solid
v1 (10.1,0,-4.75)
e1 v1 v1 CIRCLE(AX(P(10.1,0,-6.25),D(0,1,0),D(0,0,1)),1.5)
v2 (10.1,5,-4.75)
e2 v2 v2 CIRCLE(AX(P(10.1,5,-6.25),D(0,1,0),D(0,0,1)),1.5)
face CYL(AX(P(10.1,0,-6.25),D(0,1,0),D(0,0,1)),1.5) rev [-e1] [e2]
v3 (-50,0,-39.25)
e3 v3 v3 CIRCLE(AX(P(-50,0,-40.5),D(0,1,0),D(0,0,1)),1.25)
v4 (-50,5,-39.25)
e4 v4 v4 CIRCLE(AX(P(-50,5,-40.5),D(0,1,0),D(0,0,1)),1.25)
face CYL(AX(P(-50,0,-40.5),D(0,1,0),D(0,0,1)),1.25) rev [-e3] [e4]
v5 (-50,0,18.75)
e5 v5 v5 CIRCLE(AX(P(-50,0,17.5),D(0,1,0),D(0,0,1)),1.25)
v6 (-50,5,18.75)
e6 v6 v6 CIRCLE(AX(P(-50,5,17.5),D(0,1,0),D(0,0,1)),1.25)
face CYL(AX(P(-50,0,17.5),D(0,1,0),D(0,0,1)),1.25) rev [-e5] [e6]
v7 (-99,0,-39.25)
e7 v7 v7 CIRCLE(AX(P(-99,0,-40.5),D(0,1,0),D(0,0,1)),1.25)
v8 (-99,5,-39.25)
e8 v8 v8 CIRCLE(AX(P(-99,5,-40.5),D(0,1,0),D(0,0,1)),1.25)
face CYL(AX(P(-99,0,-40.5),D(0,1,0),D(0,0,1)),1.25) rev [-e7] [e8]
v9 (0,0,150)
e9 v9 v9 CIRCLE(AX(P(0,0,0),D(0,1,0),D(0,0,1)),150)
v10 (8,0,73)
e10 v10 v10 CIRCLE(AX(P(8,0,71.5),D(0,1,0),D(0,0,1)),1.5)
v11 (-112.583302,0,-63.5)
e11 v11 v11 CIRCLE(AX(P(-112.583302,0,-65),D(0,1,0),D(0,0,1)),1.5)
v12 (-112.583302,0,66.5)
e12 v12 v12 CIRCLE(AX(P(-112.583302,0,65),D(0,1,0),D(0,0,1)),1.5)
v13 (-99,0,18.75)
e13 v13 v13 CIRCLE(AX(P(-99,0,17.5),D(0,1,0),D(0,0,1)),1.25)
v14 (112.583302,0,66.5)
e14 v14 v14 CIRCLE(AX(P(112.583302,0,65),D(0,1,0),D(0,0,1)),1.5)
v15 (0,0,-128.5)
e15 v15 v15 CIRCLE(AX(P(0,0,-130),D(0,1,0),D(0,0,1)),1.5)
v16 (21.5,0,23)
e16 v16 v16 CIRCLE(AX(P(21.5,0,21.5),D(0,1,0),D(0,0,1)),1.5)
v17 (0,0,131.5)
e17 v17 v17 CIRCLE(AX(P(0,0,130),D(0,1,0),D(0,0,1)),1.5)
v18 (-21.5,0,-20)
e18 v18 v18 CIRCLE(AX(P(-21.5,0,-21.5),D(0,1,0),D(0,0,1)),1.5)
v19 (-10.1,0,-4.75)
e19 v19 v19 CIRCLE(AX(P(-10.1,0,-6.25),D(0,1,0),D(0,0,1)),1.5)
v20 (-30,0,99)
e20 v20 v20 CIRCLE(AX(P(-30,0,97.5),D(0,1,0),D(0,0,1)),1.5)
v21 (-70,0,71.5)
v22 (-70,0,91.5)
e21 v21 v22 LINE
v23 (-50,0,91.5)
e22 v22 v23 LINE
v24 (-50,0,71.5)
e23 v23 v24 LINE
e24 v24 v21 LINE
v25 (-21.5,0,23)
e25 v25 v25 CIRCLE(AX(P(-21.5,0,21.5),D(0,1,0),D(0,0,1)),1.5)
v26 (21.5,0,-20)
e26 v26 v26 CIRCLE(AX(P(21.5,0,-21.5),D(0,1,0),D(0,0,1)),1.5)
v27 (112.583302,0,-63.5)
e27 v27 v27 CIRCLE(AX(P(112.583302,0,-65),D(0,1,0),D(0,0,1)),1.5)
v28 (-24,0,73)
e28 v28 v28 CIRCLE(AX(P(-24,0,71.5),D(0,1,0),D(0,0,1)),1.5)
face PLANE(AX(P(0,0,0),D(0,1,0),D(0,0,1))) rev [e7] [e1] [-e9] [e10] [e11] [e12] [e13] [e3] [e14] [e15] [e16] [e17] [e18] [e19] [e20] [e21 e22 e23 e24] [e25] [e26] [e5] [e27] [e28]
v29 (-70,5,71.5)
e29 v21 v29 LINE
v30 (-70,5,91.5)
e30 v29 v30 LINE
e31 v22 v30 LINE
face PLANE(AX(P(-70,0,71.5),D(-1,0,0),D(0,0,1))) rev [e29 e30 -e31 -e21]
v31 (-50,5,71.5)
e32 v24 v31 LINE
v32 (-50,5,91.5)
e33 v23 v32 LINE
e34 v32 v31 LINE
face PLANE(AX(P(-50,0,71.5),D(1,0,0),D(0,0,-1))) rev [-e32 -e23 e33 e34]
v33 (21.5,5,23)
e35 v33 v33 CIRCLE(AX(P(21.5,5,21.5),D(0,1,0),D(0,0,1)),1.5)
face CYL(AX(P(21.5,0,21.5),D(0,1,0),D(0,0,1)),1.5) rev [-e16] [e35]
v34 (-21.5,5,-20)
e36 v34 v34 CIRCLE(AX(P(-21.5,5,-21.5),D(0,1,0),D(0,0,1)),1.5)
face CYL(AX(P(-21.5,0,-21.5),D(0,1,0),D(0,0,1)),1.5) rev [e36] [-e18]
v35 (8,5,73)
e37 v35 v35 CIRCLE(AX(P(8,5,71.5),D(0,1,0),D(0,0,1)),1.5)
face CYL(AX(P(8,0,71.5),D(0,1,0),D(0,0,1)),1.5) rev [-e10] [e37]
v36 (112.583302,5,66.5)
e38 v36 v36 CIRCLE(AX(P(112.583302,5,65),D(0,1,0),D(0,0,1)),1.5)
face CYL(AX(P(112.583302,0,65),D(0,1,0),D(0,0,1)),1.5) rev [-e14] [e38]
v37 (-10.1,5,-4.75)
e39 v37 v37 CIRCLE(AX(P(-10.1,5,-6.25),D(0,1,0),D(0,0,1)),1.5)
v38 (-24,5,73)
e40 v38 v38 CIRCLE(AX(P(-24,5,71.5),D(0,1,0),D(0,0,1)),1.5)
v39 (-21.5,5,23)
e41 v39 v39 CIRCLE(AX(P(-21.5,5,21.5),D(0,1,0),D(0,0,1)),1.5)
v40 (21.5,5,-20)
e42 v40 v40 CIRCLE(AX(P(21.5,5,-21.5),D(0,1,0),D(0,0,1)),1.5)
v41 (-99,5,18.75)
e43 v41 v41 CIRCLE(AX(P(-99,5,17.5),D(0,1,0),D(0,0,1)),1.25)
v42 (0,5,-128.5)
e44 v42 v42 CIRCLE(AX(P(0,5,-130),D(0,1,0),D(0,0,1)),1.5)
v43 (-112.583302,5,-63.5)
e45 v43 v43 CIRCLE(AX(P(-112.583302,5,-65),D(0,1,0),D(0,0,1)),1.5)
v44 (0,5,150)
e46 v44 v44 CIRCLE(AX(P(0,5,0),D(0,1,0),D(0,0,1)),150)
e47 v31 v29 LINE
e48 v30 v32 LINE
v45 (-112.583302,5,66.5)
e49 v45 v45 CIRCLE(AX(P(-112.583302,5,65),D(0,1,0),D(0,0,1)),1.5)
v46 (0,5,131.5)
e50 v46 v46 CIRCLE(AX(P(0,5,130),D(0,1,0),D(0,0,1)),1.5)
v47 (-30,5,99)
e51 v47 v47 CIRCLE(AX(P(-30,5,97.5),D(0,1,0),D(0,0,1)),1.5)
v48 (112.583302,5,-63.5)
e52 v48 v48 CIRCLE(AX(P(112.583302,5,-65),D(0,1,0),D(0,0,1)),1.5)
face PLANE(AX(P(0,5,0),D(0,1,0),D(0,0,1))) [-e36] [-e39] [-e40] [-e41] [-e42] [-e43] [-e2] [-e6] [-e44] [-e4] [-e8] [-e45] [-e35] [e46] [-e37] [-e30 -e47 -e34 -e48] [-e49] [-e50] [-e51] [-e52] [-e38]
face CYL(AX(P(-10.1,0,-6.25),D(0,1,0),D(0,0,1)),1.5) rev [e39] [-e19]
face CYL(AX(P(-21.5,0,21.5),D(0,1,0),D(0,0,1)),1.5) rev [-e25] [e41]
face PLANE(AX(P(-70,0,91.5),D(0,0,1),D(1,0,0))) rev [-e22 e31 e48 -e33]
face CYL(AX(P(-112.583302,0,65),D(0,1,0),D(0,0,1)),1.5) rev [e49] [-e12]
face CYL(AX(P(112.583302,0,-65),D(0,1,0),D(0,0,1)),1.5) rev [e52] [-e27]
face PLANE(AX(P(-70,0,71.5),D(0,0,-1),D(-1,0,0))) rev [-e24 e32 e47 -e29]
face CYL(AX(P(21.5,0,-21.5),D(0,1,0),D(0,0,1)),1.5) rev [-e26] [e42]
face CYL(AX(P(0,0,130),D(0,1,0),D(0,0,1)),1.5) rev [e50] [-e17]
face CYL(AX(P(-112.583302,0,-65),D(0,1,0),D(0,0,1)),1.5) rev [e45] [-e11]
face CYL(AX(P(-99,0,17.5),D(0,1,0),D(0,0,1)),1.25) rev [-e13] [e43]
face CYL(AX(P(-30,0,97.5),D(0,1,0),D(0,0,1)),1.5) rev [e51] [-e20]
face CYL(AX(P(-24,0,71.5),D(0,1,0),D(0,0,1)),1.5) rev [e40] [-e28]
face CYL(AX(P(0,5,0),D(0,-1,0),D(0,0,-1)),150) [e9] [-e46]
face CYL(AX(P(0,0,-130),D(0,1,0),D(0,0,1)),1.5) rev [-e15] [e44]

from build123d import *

# Parameters (mm, degrees)
SKETCH1_R           = 150
BOSS_EXTRUDE1_DEPTH = 5
SKETCH2_R           = 1.5
CUT_EXTRUDE1_DEPTH  = 5
SKETCH3_R           = 1.5
CUT_EXTRUDE2_DEPTH  = 5
SKETCH4_R           = 1.5
CUT_EXTRUDE3_DEPTH  = 5
SKETCH5_R           = 1.5
SKETCH5_W           = 20
SKETCH5_H           = 20
CUT_EXTRUDE4_DEPTH  = 5
SKETCH6_R           = 1.25
CUT_EXTRUDE5_DEPTH  = 5


with BuildPart() as part:
    # Sketch1 → Boss-Extrude1 (new body)
    with BuildSketch(Plane(origin=(0, 0, 0), x_dir=(1, 0, 0), z_dir=(0, 1, 0))):
        with Locations(Location((0, 0, 0), (0, 0, 270))):
            Circle(SKETCH1_R)
    extrude(amount=BOSS_EXTRUDE1_DEPTH)

    # Sketch2 → Cut-Extrude1 (cut)
    with BuildSketch(Plane(origin=(0, 5, 0), x_dir=(1, 0, 0), z_dir=(0, 1, 0))):
        with Locations(Location((0, 130, 0), (0, 0, 270))):
            Circle(SKETCH2_R)
        with Locations(Location((112.583302492, 65, 0), (0, 0, 270))):
            Circle(SKETCH2_R)
        with Locations(Location((112.583302492, -65, 0), (0, 0, 270))):
            Circle(SKETCH2_R)
        with Locations(Location((0, -130, 0), (0, 0, 270))):
            Circle(SKETCH2_R)
        with Locations(Location((-112.583302492, -65, 0), (0, 0, 270))):
            Circle(SKETCH2_R)
        with Locations(Location((-112.583302492, 65, 0), (0, 0, 270))):
            Circle(SKETCH2_R)
    extrude(amount=-CUT_EXTRUDE1_DEPTH, mode=Mode.SUBTRACT)

    # Sketch3 → Cut-Extrude2 (cut)
    with BuildSketch(Plane(origin=(0, 5, 0), x_dir=(1, 0, 0), z_dir=(0, 1, 0))):
        with Locations(Location((-10.1, 6.25, 0), (0, 0, 270))):
            Circle(SKETCH3_R)
        with Locations(Location((10.1, 6.25, 0), (0, 0, 270))):
            Circle(SKETCH3_R)
    extrude(amount=-CUT_EXTRUDE2_DEPTH, mode=Mode.SUBTRACT)

    # Sketch4 → Cut-Extrude3 (cut)
    with BuildSketch(Plane(origin=(0, 5, 0), x_dir=(1, 0, 0), z_dir=(0, 1, 0))):
        with Locations(Location((-21.5, 21.5, 0), (0, 0, 270))):
            Circle(SKETCH4_R)
        with Locations(Location((21.5, 21.5, 0), (0, 0, 270))):
            Circle(SKETCH4_R)
        with Locations(Location((-21.5, -21.5, 0), (0, 0, 270))):
            Circle(SKETCH4_R)
        with Locations(Location((21.5, -21.5, 0), (0, 0, 270))):
            Circle(SKETCH4_R)
    extrude(amount=-CUT_EXTRUDE3_DEPTH, mode=Mode.SUBTRACT)

    # Sketch5 → Cut-Extrude4 (cut)
    with BuildSketch(Plane(origin=(0, 5, 0), x_dir=(1, 0, 0), z_dir=(0, 1, 0))):
        with Locations(Location((-30, -97.5, 0), (0, 0, 270))):
            Circle(SKETCH5_R)
        with Locations(Location((-24, -71.5, 0), (0, 0, 270))):
            Circle(SKETCH5_R)
        with Locations(Location((8, -71.5, 0), (0, 0, 270))):
            Circle(SKETCH5_R)
        with Locations((-60, -81.5)):
            Rectangle(SKETCH5_W, SKETCH5_H)
    extrude(amount=-CUT_EXTRUDE4_DEPTH, mode=Mode.SUBTRACT)

    # Sketch6 → Cut-Extrude5 (cut)
    with BuildSketch(Plane(origin=(0, 5, 0), x_dir=(1, 0, 0), z_dir=(0, 1, 0))):
        with Locations(Location((-50, 40.5, 0), (0, 0, 270))):
            Circle(SKETCH6_R)
        with Locations(Location((-99, 40.5, 0), (0, 0, 270))):
            Circle(SKETCH6_R)
        with Locations(Location((-99, -17.5, 0), (0, 0, 270))):
            Circle(SKETCH6_R)
        with Locations(Location((-50, -17.5, 0), (0, 0, 270))):
            Circle(SKETCH6_R)
    extrude(amount=-CUT_EXTRUDE5_DEPTH, mode=Mode.SUBTRACT)


solid = part.part
